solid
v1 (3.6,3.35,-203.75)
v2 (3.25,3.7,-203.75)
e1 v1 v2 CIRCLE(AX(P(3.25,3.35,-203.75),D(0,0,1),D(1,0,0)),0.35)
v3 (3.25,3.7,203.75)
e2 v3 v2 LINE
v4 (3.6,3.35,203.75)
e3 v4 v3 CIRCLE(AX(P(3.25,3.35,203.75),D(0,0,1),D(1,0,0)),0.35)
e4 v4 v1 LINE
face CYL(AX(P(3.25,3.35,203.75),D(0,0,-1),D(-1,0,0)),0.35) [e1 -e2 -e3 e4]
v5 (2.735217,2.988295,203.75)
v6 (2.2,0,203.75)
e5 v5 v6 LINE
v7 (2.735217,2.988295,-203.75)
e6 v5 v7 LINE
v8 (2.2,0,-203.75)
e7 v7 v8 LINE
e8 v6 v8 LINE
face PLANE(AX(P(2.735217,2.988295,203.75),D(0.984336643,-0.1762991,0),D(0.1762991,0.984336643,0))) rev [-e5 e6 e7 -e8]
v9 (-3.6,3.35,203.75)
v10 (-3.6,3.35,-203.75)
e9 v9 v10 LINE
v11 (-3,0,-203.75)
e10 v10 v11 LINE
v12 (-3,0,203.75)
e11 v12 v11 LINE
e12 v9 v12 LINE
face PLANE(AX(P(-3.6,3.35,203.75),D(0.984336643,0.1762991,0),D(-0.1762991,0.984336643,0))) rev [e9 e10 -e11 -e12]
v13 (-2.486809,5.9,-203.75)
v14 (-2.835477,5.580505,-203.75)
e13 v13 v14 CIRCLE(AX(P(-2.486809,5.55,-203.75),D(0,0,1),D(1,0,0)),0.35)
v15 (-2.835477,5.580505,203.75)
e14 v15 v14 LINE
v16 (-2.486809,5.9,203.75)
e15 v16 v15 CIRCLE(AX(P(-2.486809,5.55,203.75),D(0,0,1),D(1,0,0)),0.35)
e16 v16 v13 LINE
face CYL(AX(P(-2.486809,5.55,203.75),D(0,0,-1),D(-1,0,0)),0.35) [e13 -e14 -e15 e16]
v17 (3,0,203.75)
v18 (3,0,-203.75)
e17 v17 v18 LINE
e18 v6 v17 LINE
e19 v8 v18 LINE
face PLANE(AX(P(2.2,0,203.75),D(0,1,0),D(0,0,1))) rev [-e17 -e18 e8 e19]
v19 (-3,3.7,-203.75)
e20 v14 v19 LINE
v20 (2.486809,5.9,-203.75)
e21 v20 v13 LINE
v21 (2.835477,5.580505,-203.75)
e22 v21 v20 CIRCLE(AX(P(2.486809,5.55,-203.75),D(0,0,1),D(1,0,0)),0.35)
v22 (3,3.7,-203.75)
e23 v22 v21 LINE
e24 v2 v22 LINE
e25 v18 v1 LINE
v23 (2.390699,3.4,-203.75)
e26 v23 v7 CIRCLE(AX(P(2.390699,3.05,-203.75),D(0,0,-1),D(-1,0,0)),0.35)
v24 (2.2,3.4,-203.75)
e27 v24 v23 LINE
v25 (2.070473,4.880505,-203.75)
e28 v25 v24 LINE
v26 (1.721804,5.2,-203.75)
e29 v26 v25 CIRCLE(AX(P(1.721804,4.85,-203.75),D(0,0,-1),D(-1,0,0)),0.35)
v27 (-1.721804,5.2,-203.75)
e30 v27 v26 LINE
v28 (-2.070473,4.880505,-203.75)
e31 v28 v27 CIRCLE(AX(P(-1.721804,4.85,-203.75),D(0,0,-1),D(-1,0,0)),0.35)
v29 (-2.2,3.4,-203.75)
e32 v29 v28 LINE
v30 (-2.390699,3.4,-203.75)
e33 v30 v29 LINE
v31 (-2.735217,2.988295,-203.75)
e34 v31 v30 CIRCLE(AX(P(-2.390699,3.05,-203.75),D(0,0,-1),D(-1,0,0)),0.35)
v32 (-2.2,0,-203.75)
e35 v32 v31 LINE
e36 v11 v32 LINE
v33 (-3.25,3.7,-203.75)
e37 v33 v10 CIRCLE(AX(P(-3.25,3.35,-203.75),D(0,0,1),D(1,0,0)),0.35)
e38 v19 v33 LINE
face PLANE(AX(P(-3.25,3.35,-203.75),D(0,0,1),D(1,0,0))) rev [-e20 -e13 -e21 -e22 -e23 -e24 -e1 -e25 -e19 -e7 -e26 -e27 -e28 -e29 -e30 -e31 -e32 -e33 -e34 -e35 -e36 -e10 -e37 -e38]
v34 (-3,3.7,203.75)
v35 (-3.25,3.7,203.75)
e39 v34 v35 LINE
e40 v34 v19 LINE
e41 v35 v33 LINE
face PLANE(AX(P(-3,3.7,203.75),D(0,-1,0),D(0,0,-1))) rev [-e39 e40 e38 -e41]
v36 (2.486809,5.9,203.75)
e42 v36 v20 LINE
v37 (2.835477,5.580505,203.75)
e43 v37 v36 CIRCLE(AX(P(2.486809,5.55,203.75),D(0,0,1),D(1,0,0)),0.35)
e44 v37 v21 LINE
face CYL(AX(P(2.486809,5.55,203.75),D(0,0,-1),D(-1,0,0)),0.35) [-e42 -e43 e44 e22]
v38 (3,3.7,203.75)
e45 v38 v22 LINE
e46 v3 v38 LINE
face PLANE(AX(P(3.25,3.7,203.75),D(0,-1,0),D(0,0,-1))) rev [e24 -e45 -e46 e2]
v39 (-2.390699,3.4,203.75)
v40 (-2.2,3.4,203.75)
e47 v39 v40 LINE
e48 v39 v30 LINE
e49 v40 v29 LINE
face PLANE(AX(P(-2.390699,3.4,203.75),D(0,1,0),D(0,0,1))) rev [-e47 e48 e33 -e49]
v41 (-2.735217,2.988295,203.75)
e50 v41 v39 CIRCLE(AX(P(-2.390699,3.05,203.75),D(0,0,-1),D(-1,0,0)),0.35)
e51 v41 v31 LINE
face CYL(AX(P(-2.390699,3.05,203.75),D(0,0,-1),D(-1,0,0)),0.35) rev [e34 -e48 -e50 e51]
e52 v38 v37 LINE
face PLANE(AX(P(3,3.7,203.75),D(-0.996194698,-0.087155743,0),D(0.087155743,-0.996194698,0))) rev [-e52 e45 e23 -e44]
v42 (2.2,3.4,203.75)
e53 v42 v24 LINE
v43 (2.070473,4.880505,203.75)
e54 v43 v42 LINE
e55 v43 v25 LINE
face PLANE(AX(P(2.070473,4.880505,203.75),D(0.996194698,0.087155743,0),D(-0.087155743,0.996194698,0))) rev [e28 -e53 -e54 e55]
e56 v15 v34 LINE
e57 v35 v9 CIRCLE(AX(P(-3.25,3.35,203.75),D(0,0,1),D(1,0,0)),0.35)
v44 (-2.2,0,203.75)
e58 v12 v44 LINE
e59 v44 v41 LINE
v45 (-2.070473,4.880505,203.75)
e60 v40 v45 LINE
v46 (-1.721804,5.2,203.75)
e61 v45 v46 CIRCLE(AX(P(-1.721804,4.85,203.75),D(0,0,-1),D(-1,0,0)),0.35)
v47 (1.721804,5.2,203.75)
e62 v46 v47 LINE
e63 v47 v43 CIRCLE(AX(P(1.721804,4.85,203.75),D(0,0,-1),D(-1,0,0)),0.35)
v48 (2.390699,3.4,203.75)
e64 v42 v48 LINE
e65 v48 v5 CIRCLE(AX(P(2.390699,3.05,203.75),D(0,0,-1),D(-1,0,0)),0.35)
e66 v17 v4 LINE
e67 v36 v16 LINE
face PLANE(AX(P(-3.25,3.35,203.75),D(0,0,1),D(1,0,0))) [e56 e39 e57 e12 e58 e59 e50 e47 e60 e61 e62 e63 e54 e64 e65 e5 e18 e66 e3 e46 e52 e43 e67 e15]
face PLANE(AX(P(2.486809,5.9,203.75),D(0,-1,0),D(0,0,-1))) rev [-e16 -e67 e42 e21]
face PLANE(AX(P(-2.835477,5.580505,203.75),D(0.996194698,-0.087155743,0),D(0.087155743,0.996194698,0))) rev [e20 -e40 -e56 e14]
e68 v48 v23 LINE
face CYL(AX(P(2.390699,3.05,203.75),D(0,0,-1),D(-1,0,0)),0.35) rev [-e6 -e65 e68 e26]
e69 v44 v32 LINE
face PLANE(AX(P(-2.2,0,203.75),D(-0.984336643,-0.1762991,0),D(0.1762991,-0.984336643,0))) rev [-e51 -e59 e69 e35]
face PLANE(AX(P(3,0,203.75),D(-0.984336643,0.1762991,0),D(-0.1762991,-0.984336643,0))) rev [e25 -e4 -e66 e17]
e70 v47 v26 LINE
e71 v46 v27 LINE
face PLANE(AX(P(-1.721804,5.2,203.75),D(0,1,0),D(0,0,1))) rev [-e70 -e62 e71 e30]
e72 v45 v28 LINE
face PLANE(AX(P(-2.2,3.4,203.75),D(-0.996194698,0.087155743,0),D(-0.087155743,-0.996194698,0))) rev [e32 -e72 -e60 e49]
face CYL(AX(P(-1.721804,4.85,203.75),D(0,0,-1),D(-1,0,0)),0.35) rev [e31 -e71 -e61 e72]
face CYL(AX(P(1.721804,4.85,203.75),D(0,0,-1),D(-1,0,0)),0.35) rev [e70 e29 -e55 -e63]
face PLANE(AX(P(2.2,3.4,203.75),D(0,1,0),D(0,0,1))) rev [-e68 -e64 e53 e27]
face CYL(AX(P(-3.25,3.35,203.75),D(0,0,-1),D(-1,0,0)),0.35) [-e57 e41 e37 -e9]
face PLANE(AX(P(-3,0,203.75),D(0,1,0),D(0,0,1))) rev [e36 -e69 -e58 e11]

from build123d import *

# Parameters (mm, degrees)
BOSS_EXTRUDE1_DEPTH = 203.75


with BuildPart() as part:
    # Sketch1 → Boss-Extrude1 (new body, symmetric)
    with BuildSketch(Plane.XY):
        with BuildLine():
            Line((-3.6, 3.35), (-3, 0))
            Line((-3, 0), (-2.2, 0))
            Line((-2.2, 0), (-2.735217071, 2.988295315))
            ThreePointArc((-2.735217071, 2.988295315), (-2.659117427, 3.274614514), (-2.390699246, 3.4))
            Line((-2.390699246, 3.4), (-2.2, 3.4))
            Line((-2.2, 3.4), (-2.070472639, 4.88050451))
            ThreePointArc((-2.070472639, 4.88050451), (-1.958261067, 5.108047068), (-1.721804495, 5.2))
            Line((-1.721804495, 5.2), (1.721804495, 5.2))
            ThreePointArc((1.721804495, 5.2), (1.958261067, 5.108047068), (2.070472639, 4.88050451))
            Line((2.070472639, 4.88050451), (2.2, 3.4))
            Line((2.2, 3.4), (2.390699246, 3.4))
            ThreePointArc((2.390699246, 3.4), (2.659117427, 3.274614514), (2.735217071, 2.988295315))
            Line((2.735217071, 2.988295315), (2.2, 0))
            Line((2.2, 0), (3, 0))
            Line((3, 0), (3.6, 3.35))
            ThreePointArc((3.6, 3.35), (3.497487373, 3.597487373), (3.25, 3.7))
            Line((3.25, 3.7), (3, 3.7))
            Line((3, 3.7), (2.835477174, 5.58050451))
            ThreePointArc((2.835477174, 5.58050451), (2.723265602, 5.808047068), (2.486809029, 5.9))
            Line((2.486809029, 5.9), (-2.486809029, 5.9))
            ThreePointArc((-2.486809029, 5.9), (-2.723265602, 5.808047068), (-2.835477174, 5.58050451))
            Line((-2.835477174, 5.58050451), (-3, 3.7))
            Line((-3, 3.7), (-3.25, 3.7))
            ThreePointArc((-3.25, 3.7), (-3.497487373, 3.597487373), (-3.6, 3.35))
        make_face()
    extrude(amount=BOSS_EXTRUDE1_DEPTH, both=True)


solid = part.part
